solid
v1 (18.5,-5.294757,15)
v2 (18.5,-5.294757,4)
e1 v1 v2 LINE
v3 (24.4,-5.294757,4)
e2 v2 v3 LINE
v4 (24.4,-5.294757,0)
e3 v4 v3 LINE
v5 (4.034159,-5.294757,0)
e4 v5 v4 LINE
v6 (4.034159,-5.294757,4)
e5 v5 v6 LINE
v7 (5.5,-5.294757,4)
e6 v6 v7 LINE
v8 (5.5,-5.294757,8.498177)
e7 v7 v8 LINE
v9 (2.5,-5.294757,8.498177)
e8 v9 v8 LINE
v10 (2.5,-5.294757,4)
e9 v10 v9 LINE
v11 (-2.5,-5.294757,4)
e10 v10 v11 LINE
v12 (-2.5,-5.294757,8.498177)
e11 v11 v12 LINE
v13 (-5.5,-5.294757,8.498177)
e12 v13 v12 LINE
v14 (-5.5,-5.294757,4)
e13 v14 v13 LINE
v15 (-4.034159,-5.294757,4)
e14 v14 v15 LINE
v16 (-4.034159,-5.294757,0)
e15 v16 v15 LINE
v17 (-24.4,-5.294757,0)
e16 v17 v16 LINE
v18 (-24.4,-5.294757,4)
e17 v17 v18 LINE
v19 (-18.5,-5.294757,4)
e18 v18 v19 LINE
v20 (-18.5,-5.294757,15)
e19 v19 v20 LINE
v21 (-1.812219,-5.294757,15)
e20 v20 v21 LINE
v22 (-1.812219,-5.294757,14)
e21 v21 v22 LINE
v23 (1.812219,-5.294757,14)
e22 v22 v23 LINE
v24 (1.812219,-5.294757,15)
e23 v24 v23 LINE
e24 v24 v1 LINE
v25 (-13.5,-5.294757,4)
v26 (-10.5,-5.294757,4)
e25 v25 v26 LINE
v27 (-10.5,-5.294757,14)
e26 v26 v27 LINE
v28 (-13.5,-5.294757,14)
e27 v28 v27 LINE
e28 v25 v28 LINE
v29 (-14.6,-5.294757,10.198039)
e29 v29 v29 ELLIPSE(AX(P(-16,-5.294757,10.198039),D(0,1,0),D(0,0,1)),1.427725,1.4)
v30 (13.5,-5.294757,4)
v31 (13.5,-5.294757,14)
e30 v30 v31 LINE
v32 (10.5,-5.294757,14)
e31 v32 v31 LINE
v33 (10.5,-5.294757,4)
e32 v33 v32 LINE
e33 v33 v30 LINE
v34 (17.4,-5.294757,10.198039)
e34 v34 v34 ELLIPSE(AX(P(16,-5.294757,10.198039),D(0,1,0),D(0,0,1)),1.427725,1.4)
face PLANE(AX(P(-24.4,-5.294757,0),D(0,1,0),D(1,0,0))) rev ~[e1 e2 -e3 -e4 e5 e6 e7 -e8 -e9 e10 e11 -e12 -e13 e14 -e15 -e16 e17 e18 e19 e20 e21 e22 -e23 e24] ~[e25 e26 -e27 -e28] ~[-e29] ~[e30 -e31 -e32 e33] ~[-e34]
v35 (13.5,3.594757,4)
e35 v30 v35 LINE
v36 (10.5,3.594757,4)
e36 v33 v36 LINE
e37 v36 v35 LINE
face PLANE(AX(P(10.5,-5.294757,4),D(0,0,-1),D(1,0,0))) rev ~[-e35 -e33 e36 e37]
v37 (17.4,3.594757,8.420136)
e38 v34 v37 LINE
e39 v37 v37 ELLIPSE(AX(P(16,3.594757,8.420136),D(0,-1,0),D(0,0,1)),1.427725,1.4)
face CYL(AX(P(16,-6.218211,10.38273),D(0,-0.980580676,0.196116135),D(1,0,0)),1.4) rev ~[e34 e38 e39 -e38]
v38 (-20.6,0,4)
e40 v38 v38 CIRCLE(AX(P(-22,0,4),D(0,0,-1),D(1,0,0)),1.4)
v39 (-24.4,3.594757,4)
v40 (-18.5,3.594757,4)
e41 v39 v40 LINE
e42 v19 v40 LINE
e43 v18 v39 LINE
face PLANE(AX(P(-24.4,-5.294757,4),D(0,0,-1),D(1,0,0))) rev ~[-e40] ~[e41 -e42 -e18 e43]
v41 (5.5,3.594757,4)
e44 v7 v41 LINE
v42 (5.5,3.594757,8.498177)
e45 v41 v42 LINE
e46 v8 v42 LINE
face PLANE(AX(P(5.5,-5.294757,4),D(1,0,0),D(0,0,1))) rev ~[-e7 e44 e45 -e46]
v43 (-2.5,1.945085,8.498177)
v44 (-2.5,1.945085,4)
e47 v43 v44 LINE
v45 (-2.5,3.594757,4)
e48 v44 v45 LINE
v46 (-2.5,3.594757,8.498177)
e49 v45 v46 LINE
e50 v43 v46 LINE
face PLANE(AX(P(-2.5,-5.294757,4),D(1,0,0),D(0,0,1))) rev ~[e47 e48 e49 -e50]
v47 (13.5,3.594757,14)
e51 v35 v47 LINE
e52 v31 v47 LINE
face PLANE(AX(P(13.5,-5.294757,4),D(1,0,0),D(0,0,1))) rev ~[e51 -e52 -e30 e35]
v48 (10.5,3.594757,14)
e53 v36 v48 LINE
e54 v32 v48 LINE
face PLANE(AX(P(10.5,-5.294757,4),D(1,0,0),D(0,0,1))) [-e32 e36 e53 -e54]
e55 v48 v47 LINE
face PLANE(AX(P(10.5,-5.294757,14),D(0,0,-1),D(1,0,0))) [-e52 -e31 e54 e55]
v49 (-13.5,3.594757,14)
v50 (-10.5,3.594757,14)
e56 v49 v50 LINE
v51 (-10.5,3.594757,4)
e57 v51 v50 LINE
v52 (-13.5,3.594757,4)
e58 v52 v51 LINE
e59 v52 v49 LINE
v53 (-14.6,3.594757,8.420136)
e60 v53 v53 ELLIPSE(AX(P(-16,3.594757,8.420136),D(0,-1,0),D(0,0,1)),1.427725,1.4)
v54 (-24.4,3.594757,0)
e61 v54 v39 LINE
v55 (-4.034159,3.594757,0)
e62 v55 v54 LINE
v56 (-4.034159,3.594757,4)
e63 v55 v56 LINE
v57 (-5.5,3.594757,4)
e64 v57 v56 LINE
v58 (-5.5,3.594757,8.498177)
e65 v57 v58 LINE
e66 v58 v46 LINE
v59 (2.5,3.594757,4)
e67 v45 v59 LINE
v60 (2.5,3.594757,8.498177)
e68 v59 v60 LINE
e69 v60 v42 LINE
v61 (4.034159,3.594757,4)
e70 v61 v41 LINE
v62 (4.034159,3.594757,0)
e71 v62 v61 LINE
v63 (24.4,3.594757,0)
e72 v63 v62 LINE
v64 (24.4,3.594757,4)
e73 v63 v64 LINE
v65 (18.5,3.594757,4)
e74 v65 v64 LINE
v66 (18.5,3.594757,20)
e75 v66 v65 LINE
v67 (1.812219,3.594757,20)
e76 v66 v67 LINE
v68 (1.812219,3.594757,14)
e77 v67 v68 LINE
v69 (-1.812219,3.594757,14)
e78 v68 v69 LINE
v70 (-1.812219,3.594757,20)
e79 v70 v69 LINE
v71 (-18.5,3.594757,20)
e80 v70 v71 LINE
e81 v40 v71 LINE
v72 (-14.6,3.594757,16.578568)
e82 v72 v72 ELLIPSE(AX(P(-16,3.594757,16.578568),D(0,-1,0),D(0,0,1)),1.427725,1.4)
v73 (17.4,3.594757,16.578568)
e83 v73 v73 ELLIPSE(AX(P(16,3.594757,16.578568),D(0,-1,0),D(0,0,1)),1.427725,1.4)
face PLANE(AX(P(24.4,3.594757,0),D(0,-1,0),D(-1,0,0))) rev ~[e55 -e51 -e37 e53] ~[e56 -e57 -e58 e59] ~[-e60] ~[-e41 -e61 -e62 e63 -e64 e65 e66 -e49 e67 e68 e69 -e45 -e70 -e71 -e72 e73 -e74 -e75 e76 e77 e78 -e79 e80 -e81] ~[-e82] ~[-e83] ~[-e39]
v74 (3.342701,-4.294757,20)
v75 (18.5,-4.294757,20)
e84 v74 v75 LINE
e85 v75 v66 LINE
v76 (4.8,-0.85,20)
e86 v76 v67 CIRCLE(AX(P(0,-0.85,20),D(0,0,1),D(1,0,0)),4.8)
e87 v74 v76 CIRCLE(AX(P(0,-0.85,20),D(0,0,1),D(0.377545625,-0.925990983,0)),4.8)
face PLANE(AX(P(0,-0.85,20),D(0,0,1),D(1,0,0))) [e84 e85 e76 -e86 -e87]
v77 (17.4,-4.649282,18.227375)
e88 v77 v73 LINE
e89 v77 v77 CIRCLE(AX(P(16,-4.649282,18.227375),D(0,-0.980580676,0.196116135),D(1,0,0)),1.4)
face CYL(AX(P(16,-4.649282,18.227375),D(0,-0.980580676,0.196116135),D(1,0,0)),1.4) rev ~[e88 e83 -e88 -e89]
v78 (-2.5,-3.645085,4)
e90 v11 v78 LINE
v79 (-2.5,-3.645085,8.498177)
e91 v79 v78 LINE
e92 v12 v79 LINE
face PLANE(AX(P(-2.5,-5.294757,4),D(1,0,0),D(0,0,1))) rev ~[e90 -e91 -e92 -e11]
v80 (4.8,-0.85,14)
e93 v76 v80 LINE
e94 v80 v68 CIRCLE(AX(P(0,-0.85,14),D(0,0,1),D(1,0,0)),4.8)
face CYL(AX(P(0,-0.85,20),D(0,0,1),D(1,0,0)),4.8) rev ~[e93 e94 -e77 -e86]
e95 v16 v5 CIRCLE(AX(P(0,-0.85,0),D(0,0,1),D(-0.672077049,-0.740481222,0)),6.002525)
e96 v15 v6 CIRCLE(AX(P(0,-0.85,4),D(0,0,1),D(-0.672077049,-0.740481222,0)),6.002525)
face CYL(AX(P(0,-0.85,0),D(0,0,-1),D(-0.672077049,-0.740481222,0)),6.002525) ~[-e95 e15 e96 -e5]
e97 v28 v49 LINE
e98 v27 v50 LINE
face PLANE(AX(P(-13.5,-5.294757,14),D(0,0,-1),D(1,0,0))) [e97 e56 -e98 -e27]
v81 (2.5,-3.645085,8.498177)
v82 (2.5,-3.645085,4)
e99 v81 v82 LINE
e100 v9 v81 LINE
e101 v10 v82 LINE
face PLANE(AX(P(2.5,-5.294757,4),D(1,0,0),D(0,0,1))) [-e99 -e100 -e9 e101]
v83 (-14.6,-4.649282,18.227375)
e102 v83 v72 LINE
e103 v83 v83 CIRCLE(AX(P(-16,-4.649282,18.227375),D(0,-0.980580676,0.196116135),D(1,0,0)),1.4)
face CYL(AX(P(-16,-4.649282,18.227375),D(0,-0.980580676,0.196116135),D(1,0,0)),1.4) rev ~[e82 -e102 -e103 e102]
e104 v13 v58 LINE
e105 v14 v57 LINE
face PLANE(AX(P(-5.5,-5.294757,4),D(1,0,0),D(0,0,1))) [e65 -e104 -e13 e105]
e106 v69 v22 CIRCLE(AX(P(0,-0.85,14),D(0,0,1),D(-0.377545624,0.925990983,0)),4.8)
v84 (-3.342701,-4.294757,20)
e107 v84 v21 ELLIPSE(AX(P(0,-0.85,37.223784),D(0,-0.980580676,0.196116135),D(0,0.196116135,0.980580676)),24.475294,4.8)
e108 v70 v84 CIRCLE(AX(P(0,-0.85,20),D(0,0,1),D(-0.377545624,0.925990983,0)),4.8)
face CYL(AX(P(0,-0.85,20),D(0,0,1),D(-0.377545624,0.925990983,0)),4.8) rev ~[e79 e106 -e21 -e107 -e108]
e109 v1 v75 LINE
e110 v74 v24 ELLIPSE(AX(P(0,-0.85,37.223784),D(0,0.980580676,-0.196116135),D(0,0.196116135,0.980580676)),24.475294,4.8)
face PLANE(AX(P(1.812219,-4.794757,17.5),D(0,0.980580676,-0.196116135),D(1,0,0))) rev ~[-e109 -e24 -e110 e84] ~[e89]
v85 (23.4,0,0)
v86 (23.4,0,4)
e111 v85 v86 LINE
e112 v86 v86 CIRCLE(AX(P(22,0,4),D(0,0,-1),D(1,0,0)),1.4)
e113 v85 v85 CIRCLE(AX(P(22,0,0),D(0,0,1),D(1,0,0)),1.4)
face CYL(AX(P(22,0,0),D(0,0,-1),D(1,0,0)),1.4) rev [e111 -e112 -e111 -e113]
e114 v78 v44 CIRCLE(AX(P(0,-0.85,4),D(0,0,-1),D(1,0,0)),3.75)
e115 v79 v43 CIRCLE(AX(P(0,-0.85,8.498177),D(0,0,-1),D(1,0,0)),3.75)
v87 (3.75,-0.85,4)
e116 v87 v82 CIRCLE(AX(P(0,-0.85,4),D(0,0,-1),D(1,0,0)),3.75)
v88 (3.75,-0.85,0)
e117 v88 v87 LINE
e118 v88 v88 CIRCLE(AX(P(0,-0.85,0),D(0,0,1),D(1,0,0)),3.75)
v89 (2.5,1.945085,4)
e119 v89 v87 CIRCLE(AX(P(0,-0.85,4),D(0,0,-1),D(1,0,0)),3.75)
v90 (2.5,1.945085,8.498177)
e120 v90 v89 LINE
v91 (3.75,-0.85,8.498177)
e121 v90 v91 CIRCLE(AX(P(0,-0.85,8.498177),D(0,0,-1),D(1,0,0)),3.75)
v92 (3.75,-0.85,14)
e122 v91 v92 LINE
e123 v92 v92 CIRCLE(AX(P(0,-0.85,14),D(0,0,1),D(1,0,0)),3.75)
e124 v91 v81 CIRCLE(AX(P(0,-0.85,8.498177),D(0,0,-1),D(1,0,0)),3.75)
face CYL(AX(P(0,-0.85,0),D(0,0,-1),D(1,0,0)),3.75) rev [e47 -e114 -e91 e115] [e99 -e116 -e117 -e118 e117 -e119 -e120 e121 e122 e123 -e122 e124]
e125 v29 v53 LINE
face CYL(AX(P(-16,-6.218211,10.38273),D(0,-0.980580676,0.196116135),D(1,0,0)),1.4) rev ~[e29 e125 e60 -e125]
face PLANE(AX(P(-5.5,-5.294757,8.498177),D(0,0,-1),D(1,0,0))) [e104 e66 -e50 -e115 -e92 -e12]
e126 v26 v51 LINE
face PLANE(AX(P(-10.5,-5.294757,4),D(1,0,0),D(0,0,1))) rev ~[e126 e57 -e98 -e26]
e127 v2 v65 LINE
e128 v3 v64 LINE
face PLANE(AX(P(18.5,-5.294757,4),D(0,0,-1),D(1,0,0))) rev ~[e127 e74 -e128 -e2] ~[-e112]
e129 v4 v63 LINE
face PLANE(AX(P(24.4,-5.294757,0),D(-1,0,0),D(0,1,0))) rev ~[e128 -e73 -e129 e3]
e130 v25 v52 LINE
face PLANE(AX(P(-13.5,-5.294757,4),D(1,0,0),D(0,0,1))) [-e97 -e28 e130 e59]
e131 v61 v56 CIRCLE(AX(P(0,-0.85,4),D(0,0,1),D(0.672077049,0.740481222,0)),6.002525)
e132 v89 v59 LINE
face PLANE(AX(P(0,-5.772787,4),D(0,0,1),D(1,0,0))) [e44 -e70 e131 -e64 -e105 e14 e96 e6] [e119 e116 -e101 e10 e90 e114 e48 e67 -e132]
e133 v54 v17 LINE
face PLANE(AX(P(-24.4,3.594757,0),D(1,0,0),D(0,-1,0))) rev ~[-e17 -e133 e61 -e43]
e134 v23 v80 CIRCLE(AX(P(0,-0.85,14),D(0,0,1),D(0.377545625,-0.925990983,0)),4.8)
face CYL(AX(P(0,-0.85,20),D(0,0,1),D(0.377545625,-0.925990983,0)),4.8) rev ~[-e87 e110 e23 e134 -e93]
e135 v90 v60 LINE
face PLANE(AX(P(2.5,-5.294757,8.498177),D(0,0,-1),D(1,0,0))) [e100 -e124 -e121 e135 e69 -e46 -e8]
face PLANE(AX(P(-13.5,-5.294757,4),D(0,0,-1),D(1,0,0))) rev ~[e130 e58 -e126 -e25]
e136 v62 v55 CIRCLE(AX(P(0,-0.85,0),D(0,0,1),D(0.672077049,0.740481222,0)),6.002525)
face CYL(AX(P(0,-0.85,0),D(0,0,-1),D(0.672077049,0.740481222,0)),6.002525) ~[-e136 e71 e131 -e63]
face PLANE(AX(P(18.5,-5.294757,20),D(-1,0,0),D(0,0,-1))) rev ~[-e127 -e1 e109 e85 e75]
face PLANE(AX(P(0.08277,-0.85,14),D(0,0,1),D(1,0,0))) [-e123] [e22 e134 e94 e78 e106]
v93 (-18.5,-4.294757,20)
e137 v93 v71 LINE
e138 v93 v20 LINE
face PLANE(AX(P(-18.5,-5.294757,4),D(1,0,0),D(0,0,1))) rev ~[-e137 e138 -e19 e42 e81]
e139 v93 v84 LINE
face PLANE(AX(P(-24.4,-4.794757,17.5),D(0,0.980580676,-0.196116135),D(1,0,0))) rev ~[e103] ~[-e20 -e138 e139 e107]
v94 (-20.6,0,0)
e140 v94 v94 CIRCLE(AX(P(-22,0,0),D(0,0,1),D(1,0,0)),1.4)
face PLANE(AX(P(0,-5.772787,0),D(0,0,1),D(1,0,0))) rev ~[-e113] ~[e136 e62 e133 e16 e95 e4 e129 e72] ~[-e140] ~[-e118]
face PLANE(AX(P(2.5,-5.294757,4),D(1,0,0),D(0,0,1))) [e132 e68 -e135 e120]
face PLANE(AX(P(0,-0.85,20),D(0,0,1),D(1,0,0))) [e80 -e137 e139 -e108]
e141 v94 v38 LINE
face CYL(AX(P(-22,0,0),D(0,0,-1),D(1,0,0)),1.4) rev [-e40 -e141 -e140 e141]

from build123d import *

# Parameters (mm, degrees)
F0_R       = 1.4
F0_R_2     = 3.75
F1_DEPTH   = 20
F2_R       = 3.75
F3_DEPTH   = 6
F4_SIZE2   = 5
F4_SIZE    = 1
F4_2_SIZE2 = 5
F4_2_SIZE  = 1
F5_R       = 1.4
F6_DEPTH   = 25
F7_W       = 3
F7_H       = 10
F7_H_2     = 4.4981769323
F7_W_2     = 5.9
F7_H_3     = 5
F8_DEPTH   = 25
F9_DEPTH   = 4


with BuildPart() as f1:
    # F0 (on Top) → F1 (new body)
    with BuildSketch(Plane.XY):
        Polygon((-4.034158995, 3.5947567205), (-24.4, 3.5947567205), (-24.4, -5.2947567205), (-4.034158995, -5.2947567205), (4.034158995, -5.2947567205), (24.4, -5.2947567205), (24.4, 3.5947567205), (4.034158995, 3.5947567205), align=None)
        with Locations((-22, 0)):
            Circle(F0_R, mode=Mode.SUBTRACT)
        with Locations((0, -0.85)):
            Circle(F0_R_2, mode=Mode.SUBTRACT)
        with Locations((22, 0)):
            Circle(F0_R, mode=Mode.SUBTRACT)
    extrude(amount=F1_DEPTH)

    # F2 (on face) → F3 (cut)
    with BuildSketch(Plane.XY.offset(20)):
        with BuildLine():
            ThreePointArc((1.8122189976, -5.2947567205), (3.9836322112, -3.5278114955), (4.8, -0.85))
            ThreePointArc((4.8, -0.85), (3.9836322112, 1.8278114955), (1.8122189976, 3.5947567205))
            Line((1.8122189976, 3.5947567205), (-1.8122189976, 3.5947567205))
            ThreePointArc((-1.8122189976, 3.5947567205), (-4.8, -0.85), (-1.8122189976, -5.2947567205))
            Line((-1.8122189976, -5.2947567205), (1.8122189976, -5.2947567205))
        make_face()
        with Locations((0, -0.85)):
            Circle(F2_R, mode=Mode.SUBTRACT)
        with BuildLine():
            Line((-1.8122189976, 3.5947567205), (1.8122189976, 3.5947567205))
            ThreePointArc((1.8122189976, 3.5947567205), (0, 3.95), (-1.8122189976, 3.5947567205))
        make_face()
        with BuildLine():
            ThreePointArc((-1.8122189976, -5.2947567205), (0, -5.65), (1.8122189976, -5.2947567205))
            Line((1.8122189976, -5.2947567205), (-1.8122189976, -5.2947567205))
        make_face()
    extrude(amount=-F3_DEPTH, mode=Mode.SUBTRACT)

    # F4
    f4_edges = [f1.edges().sort_by_distance(p)[0] for p in [
        (-13.106109, -5.294757, 20),
    ]]
    f4_side = f1.faces().sort_by_distance((-13.89592, -0.879836, 20))[0]
    chamfer(f4_edges, length=F4_SIZE, length2=F4_SIZE2, reference=f4_side)

    # F4#2
    f4_2_edges = [f1.edges().sort_by_distance(p)[0] for p in [
        (13.106109, -5.294757, 20),
    ]]
    f4_2_side = f1.faces().sort_by_distance((13.89592, -0.879836, 20))[0]
    chamfer(f4_2_edges, length=F4_2_SIZE, length2=F4_2_SIZE2, reference=f4_2_side)

    # F5 (on face) → F6 (cut)
    with BuildSketch(Plane(origin=(0, -7.9757276159, 1.5951455232), x_dir=(1, 0, 0), z_dir=(0, -0.9805806757, 0.1961161351))):
        with Locations((-16, 16.9616127755)):
            Circle(F5_R)
        with Locations((16, 16.9616127755)):
            Circle(F5_R)
        with Locations((-16, 8.9616127755)):
            Circle(F5_R)
        with Locations((16, 8.9616127755)):
            Circle(F5_R)
    extrude(amount=-F6_DEPTH, mode=Mode.SUBTRACT)

    # F7 (on face) → F8 (cut)
    with BuildSketch(Plane.XZ.offset(5.2947567205)):
        with Locations((-20, 9)):
            Rectangle(F7_W, F7_H)
        with Locations((-4, 6.2490884662)):
            Rectangle(F7_W, F7_H_2)
        with Locations((4, 6.2490884662)):
            Rectangle(F7_W, F7_H_2)
        with Locations((12, 9)):
            Rectangle(F7_W, F7_H)
        with Locations((20, 9)):
            Rectangle(F7_W, F7_H)
        Polygon((-21.5, 4), (-21.5, 14), (-18.5, 14), (-18.5, 15), (-24.4, 15), (-24.4, 4), align=None)
        with Locations((-21.45, 17.5)):
            Rectangle(F7_W_2, F7_H_3)
        with Locations((21.45, 17.5)):
            Rectangle(F7_W_2, F7_H_3)
        Polygon((21.5, 4), (24.4, 4), (24.4, 15), (18.5, 15), (18.5, 14), (21.5, 14), align=None)
        with Locations((-12, 9)):
            Rectangle(F7_W, F7_H)
    extrude(amount=-F8_DEPTH, mode=Mode.SUBTRACT)

    # F0 (on Top) → F9 (join)
    with BuildSketch(Plane.XY):
        with BuildLine():
            Line((4.034158995, -5.2947567205), (-4.034158995, -5.2947567205))
            ThreePointArc((-4.034158995, -5.2947567205), (0, -6.8525245607), (4.034158995, -5.2947567205))
        make_face()
        with BuildLine():
            ThreePointArc((4.034158995, 3.5947567205), (0, 5.1525245607), (-4.034158995, 3.5947567205))
            Line((-4.034158995, 3.5947567205), (4.034158995, 3.5947567205))
        make_face()
    extrude(amount=F9_DEPTH)


solid = f1.part
